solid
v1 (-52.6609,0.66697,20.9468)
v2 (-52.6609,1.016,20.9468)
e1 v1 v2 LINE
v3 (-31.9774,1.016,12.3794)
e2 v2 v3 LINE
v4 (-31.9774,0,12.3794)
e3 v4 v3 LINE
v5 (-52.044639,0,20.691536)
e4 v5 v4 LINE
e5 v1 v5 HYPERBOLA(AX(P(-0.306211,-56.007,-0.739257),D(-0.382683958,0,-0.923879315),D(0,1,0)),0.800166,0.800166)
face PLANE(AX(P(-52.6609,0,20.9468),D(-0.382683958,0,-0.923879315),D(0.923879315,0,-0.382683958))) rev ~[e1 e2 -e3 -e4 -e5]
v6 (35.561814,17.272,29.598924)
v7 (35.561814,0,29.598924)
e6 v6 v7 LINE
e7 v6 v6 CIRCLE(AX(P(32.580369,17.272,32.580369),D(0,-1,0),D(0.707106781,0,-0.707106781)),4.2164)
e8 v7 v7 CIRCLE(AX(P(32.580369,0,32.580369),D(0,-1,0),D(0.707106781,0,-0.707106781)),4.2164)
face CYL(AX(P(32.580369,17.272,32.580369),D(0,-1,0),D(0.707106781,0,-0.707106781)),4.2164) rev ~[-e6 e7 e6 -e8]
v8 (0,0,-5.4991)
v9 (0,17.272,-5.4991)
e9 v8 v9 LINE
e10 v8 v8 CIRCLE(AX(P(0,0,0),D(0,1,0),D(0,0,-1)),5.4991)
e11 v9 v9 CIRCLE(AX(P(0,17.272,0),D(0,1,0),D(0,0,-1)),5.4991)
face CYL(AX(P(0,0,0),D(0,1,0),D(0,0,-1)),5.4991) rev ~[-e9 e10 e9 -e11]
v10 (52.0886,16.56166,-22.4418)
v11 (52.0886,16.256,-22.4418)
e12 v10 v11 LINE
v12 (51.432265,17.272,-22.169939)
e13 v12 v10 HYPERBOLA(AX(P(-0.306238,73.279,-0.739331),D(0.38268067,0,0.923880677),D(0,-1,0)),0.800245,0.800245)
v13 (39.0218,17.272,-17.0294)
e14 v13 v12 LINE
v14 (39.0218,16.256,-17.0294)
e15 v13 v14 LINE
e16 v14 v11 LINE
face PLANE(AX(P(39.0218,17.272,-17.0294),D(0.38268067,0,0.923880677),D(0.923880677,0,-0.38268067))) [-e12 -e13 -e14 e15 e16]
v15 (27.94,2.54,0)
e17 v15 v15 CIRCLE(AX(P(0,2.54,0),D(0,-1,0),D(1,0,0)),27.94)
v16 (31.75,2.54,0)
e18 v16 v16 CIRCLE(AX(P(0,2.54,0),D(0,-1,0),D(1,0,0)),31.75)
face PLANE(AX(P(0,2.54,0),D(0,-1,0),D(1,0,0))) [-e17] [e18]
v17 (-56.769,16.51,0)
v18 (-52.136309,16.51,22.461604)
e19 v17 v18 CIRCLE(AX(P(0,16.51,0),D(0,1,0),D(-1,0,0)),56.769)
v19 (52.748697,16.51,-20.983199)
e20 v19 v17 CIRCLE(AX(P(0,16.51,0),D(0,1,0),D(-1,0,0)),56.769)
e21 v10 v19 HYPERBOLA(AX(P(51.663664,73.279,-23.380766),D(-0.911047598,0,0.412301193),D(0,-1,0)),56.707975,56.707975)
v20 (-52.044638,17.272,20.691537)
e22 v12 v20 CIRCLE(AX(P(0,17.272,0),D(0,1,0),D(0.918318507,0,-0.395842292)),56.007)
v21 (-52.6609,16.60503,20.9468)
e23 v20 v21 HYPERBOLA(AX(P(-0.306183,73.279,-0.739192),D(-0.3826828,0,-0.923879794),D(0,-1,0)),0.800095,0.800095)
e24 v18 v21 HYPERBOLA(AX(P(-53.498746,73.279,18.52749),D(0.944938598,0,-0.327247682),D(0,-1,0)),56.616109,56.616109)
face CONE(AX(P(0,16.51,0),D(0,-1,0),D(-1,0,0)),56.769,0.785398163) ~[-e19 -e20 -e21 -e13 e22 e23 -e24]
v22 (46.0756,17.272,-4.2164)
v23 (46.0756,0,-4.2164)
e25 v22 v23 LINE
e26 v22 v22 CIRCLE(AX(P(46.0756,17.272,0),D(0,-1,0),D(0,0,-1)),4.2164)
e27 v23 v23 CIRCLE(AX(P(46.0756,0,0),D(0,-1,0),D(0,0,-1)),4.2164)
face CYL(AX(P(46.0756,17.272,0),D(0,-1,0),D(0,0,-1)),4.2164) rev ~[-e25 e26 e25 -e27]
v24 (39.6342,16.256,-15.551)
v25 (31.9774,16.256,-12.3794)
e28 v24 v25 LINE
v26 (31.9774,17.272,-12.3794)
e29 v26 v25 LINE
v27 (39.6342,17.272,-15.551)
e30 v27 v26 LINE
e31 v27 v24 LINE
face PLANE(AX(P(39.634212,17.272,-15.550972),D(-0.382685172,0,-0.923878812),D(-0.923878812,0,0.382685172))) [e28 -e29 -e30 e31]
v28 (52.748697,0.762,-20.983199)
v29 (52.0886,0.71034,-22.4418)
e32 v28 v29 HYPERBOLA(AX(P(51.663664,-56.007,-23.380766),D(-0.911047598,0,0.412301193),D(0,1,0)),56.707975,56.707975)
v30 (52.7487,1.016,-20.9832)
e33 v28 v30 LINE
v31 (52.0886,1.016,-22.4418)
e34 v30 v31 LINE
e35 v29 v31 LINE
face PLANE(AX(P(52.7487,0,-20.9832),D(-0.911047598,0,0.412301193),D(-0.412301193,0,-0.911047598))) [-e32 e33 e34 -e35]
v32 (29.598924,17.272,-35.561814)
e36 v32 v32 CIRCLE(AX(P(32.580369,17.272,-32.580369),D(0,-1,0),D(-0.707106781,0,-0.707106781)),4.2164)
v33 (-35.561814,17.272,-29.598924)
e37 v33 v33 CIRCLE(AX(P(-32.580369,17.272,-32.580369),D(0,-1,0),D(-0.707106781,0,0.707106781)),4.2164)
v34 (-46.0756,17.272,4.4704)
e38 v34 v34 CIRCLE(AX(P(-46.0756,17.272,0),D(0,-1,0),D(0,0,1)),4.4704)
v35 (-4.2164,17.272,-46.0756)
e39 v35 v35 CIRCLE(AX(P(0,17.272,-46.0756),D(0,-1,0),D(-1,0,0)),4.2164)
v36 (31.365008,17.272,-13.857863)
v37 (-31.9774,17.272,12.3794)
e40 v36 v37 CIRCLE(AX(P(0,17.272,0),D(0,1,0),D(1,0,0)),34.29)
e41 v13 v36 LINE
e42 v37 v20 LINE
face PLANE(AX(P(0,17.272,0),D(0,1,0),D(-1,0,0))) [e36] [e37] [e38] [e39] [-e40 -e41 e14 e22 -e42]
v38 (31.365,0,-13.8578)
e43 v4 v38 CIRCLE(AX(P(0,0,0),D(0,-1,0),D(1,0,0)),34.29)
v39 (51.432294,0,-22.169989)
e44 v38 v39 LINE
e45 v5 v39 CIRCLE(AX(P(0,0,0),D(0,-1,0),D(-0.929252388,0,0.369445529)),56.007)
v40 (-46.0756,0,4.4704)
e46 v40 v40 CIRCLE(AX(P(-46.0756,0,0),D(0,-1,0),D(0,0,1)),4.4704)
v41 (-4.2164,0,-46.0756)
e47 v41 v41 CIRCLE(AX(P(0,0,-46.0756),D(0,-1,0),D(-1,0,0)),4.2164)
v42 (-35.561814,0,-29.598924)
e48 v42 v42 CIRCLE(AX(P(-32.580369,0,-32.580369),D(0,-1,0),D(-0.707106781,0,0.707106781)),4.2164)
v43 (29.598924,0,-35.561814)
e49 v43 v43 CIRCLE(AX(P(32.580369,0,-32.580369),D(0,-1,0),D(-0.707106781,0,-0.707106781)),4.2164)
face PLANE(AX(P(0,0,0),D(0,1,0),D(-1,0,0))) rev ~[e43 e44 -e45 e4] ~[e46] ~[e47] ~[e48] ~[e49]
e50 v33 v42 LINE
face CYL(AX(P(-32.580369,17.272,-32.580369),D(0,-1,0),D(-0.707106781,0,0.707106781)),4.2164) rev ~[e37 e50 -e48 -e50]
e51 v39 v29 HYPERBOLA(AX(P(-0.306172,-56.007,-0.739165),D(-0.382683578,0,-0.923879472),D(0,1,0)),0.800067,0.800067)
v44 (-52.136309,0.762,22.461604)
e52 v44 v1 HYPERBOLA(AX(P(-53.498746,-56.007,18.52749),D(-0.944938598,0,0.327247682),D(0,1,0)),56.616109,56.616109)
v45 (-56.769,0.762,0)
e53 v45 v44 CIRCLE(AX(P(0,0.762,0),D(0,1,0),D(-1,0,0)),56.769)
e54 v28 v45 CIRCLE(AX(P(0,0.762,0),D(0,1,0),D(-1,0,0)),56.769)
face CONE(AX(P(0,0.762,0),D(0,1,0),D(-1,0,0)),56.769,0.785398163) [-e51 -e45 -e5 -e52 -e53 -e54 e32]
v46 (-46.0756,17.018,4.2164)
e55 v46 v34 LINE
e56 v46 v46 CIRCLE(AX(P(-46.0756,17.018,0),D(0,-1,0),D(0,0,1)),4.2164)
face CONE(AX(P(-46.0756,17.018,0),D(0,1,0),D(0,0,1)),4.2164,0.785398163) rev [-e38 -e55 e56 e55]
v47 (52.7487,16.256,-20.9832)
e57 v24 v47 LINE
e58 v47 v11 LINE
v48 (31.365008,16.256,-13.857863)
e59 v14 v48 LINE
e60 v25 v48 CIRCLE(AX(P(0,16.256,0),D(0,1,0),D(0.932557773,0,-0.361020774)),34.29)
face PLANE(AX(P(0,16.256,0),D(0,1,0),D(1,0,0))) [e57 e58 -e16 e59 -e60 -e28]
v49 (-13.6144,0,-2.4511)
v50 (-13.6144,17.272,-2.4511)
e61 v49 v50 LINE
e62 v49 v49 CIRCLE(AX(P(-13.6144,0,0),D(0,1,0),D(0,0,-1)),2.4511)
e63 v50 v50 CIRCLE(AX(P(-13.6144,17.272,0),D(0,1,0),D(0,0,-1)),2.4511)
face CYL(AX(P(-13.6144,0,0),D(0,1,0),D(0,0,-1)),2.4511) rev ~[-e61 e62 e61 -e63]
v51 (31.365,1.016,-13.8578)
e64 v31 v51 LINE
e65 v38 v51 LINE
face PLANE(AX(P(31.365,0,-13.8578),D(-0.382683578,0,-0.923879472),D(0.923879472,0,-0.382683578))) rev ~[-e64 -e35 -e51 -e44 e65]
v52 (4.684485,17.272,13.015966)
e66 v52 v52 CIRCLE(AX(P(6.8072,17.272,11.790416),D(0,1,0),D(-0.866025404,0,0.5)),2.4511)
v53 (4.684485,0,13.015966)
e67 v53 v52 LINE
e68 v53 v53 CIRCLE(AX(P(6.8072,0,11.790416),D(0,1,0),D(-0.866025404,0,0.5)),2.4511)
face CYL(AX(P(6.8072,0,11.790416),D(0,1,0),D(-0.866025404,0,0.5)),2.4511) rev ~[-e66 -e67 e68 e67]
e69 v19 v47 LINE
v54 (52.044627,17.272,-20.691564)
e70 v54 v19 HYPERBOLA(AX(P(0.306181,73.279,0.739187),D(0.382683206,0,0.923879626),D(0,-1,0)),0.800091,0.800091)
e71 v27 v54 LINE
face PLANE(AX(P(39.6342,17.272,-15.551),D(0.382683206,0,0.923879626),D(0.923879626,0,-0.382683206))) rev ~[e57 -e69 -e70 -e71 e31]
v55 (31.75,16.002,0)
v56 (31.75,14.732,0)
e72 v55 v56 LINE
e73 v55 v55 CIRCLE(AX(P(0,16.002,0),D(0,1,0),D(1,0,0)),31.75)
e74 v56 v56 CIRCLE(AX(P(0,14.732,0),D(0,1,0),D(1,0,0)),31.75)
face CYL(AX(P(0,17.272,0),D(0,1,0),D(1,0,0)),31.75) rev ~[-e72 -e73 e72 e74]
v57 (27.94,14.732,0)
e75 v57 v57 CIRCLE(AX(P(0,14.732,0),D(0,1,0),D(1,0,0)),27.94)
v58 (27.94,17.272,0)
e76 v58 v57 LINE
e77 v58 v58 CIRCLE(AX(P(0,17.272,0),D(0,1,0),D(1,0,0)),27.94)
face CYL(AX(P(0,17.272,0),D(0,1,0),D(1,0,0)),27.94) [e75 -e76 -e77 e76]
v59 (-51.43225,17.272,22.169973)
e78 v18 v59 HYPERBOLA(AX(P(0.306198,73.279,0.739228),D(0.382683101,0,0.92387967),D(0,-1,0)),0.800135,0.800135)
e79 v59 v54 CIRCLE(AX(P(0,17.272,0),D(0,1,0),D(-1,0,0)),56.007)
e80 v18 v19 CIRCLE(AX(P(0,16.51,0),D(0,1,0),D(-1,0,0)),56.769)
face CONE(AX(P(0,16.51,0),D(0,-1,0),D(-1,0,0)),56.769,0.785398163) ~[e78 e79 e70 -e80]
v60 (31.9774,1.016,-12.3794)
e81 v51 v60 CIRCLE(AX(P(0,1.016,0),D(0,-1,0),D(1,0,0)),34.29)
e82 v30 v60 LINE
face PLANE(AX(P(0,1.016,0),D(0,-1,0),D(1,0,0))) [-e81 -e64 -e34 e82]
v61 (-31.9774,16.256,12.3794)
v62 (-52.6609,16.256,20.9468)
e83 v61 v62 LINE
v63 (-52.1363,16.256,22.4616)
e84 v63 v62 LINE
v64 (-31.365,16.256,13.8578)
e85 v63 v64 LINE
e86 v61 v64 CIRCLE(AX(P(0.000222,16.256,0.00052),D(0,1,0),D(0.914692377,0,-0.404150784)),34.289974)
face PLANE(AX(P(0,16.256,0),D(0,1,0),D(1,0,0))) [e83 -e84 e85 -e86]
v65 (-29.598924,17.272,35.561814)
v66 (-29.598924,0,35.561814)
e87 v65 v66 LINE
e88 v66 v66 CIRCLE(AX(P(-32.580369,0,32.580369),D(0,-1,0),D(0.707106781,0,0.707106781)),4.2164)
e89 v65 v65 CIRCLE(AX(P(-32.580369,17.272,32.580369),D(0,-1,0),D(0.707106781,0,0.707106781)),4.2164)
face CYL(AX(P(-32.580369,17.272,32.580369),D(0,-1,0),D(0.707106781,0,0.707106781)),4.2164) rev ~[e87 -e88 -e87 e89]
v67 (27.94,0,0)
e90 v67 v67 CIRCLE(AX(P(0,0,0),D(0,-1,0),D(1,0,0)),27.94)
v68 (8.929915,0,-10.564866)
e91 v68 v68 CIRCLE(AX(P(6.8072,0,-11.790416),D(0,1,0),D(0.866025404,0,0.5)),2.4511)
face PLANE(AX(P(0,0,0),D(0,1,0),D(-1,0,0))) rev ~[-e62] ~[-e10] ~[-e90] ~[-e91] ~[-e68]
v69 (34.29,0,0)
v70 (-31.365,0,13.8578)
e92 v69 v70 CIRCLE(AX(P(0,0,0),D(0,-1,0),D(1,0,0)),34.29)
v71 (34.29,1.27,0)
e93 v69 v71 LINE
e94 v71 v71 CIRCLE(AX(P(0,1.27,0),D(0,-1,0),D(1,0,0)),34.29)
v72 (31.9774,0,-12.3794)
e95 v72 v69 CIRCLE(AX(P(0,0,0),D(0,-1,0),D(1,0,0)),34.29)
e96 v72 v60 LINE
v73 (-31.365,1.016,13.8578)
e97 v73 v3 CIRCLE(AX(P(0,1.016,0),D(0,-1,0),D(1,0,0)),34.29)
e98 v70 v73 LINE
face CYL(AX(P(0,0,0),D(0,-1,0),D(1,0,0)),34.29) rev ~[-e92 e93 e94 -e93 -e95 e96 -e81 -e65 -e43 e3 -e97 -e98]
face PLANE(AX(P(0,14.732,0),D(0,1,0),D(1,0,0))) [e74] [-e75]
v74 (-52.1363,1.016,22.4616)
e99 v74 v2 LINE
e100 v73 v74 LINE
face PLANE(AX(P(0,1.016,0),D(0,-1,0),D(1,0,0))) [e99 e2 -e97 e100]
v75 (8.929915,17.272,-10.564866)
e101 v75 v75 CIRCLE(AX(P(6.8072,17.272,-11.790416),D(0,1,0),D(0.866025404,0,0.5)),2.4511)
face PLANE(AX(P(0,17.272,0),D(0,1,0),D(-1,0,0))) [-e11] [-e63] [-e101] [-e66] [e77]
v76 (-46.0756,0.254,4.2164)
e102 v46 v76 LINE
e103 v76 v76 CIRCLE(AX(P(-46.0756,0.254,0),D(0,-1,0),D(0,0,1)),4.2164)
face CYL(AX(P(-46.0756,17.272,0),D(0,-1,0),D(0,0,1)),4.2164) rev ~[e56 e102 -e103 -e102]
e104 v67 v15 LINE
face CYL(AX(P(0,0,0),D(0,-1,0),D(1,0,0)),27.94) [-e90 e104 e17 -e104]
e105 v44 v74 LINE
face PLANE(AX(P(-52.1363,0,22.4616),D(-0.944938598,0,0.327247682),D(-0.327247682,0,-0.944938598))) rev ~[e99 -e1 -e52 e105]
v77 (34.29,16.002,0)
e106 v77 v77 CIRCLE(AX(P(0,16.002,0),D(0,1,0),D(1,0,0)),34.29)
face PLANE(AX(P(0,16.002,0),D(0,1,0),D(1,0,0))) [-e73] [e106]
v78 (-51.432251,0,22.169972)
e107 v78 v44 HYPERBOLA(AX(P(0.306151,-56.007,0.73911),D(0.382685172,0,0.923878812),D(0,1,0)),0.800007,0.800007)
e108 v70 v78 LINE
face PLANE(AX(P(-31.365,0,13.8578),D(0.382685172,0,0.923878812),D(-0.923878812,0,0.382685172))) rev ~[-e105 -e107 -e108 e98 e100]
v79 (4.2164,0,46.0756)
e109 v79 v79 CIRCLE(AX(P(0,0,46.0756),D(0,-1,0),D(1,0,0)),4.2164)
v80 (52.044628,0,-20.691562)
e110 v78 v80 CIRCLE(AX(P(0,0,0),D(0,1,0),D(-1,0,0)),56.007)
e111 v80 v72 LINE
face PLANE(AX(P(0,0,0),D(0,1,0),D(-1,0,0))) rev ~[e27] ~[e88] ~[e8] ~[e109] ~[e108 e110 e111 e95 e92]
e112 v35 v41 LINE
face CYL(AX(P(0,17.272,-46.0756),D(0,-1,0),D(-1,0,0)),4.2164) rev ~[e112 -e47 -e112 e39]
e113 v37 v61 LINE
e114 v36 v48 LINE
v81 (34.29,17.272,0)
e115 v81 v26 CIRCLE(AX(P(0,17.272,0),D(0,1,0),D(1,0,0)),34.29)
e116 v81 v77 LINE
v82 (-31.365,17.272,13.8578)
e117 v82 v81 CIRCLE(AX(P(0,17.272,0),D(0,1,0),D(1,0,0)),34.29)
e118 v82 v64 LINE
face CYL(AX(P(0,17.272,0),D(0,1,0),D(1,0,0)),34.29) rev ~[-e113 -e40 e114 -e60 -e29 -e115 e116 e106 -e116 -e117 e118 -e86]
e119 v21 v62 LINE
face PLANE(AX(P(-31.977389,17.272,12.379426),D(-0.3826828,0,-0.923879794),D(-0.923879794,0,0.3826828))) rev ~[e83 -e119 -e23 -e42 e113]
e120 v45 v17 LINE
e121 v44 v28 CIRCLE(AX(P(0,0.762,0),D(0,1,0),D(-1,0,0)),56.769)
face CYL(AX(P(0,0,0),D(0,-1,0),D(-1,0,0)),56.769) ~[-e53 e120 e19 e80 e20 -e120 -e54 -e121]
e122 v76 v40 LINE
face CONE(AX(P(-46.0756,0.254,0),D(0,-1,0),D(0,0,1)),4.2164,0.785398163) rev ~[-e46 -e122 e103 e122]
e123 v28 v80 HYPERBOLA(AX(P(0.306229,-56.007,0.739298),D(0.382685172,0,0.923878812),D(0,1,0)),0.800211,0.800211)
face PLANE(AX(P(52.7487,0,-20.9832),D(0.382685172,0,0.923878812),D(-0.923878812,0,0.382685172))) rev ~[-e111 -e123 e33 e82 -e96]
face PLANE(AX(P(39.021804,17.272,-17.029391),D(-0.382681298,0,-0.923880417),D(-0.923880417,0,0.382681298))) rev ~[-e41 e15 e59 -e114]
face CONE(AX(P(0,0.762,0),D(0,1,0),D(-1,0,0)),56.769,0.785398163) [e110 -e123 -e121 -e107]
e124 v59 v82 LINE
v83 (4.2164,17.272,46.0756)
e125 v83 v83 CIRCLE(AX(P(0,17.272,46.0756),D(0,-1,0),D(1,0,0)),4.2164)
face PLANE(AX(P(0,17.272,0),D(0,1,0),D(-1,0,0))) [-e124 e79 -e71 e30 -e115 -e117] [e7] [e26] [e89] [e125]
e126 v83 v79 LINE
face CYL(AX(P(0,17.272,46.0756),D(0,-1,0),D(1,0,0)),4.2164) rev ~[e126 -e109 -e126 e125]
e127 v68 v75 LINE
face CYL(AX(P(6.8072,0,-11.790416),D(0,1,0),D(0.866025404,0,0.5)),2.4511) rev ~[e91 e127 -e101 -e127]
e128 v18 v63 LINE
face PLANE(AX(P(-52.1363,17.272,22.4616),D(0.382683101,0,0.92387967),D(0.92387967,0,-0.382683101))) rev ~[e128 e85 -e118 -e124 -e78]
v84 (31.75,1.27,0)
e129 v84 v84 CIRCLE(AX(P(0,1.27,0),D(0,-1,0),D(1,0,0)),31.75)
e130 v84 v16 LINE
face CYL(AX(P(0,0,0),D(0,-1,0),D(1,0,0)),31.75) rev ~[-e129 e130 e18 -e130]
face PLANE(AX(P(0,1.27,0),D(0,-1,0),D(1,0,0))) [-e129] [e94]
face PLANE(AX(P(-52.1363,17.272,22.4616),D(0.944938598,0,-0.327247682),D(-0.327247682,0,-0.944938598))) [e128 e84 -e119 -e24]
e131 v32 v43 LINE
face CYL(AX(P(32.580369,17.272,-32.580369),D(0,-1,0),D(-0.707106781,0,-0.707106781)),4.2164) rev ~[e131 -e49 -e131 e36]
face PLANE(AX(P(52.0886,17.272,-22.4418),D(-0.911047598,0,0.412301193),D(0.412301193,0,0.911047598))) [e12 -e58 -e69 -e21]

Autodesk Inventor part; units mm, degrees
ref_plane "YZ Plane" through (0, 0, 0) normal (1, 0, 0) x (0, 1, 0)
ref_plane "XZ Plane" through (0, 0, 0) normal (0, 1, 0) x (-1, 0, 0)
ref_plane "XY Plane" through (0, 0, 0) normal (0, 0, 1) x (1, 0, 0)
sketch "Sketch1" plane through (0, 0, 0) normal (0, 1, 0) x (-1, 0, 0)
  circle A0 centre (0, 0) radius 56.769
  circle A1 centre (0, 0) radius 46.0756
  circle A2 centre (0, 0) radius 31.75
  dimension "d0" = 113.538
  dimension "d1" = 92.1512
  dimension "d2" = 63.5
extrude "Extrusion1" add sketch "Sketch1" along normal blind 17.272 contours A0 | A1 | A2
sketch "Sketch2" plane through (0, 17.272, 0) normal (0, 1, 0) x (1, 0, 0)
  circle A0 centre (0, 0) radius 46.0756
  circle A1 centre (-46.0756, 0) radius 4.0894
  dimension "d5" = 92.1512
  dimension "d6" = 8.1788
hole "Hole1" at (-46.0756, 17.272, 0) direction (0, -1, 0) diameter 8.4328 end through all
pattern_circular "Circular Pattern1" count 8 over 360 about axis through (0, 0, 0) along (0, 1, 0) of "Hole1"
sketch "Sketch4" plane through (0, 17.272, 0) normal (0, 1, 0) x (1, 0, 0)
  circle A0 centre (0, 0) radius 14.7993
hole "Hole2" at (0, 17.272, 0) direction (0, -1, 0) diameter 63.5 end through all
sketch "Sketch6" plane through (0, 0, 0) normal (0, 1, 0) x (-1, 0, 0)
  circle A0 centre (0, 0) radius 31.75
  circle A1 centre (0, 0) radius 19.05
extrude "Extrusion3" add sketch "Sketch6" along normal blind 17.272
sketch "Sketch7" plane through (0, 17.272, 0) normal (0, 1, 0) x (1, 0, 0)
  circle A0 centre (0, 0) radius 34.29
  circle A1 centre (0, 0) radius 31.75
  circle A2 centre (0, 0) radius 25.4
  circle A3 centre (0, 0) radius 27.94
  dimension "d35" = 68.58
  dimension "d36" = 63.5
  dimension "d37" = 50.8
  dimension "d38" = 55.88
extrude "Extrusion4" cut sketch "Sketch7" against normal blind 1.27 contours A0
sketch "Sketch9" plane through (0, 17.272, 0) normal (0, 1, 0) x (1, 0, 0)
  circle A0 centre (0, 0) radius 27.94
  circle A1 centre (0, 0) radius 31.75
  dimension "d45" = 55.88
  dimension "d46" = 63.5
extrude "Extrusion6" cut sketch "Sketch9" against normal blind 2.54
chamfer "Chamfer1" distance 0.254 angle 45 1 edges at (-46.0756, 17.272, -4.2164)
chamfer "Chamfer2" distance 0.254 angle 45 1 edges at (-46.0756, 0, -4.2164)
chamfer "Chamfer3" distance 0.762 angle 45 2 edges at (56.769, 17.272, 0) (56.769, 0, 0)
sketch "Sketch10" plane through (0, 17.272, 0) normal (0, 1, 0) x (1, 0, 0)
  circle A0 centre (32.5804, 32.5804) radius 4.2164 projected
  circle A1 centre (46.0756, 0) radius 4.2164 projected
  line L0 (32.5804, 32.5804) -> (46.0756, 0)
  line L1 (46.0756, 0) -> (39.328, 16.2902)
  circle A2 centre (-46.0756, 0) radius 4.4704 projected
  circle A3 centre (-32.5804, -32.5804) radius 4.2164 projected
  line L2 (-46.0756, 0) -> (-32.5804, -32.5804)
  line L3 (39.328, 16.2902) -> (-39.328, -16.2902)
  line L4 (-39.328, -16.2902) -> (52.9444, 21.9303)
  line L5 (-39.328, -16.2902) -> (60.5469, -16.2902) construction
  line L6 (52.9444, 21.9303) -> (-52.9809, -21.9454)
  line L7 (39.328, 16.2902) -> (39.6342, 15.551)
  line L8 (39.6342, 15.551) -> (39.0218, 17.0294)
  line L9 (39.0218, 17.0294) -> (52.0886, 22.4418)
  line L10 (39.0218, 17.0294) -> (53.1652, 17.0294) construction
  line L11 (52.0886, 22.4418) -> (31.2876, 13.8258)
  line L12 (39.6342, 15.551) -> (52.7487, 20.9832)
  circle A4 centre (0, 0) radius 56.769 projected
  line L13 (39.6342, 15.551) -> (53.8292, 15.551) construction
  line L14 (52.7487, 20.9832) -> (52.7487, 20.9832)
  line L15 (52.7487, 20.9832) -> (31.9774, 12.3794)
  circle A5 centre (0, 0) radius 34.29 projected
  line L16 (31.2876, 13.8258) -> (52.0886, 22.4418)
  line L17 (52.0886, 22.4418) -> (52.7487, 20.9832)
  line L18 (52.0886, 22.4418) -> (31.2876, 13.8258)
  point P0 (31.365, 13.8578)
  dimension "d58" = 22.5
  dimension "d59" = 0.8001
  dimension "d60" = 1.6002
  dimension "d61" = 22.5
  dimension "d62" = 22.5
extrude "Extrusion7" cut sketch "Sketch10" against normal blind 1.016 contours L9 L17 L4 L0 | L0 L3 A5 L11 | L4 L17 L12 L0 | L0 L15 A5 L3
sketch "Sketch11" plane through (0, 17.272, 0) normal (0, 1, 0) x (1, 0, 0)
  line L0 (31.365, 13.8578) -> (51.4323, 22.17) projected
  line L1 (52.0446, 20.6916) -> (31.9774, 12.3794) projected
  line L2 (51.4323, 22.17) -> (31.365, 13.8578)
  line L3 (31.365, 13.8578) -> (-52.6609, -20.9468)
  line L4 (52.0446, 20.6916) -> (31.9774, 12.3794)
  circle A0 centre (0, 0) radius 56.769 projected
  line L5 (-52.1363, -22.4616) -> (31.9774, 12.3794)
  line L6 (-52.1363, -22.4616) -> (-52.6609, -20.9468)
  arc A1 (31.365, 13.8578) -> (31.9774, 12.3794) centre (0, 0) ccw projected
  circle A2 centre (0, 0) radius 34.29 projected
  line L7 (-31.365, -13.8578) -> (-31.9774, -12.3794)
  point P0 (-31.365, -13.8578)
extrude "Extrusion8" cut sketch "Sketch11" against normal blind 1.016 contours A1 L5 L6 L3
sketch "Sketch13" plane through (0, 0, 0) normal (0, -1, 0) x (1, 0, 0)
  circle A0 centre (0, 0) radius 27.94
  circle A1 centre (0, 0) radius 31.75
  circle A2 centre (0, 0) radius 34.29
extrude "Extrusion9" cut sketch "Sketch13" against normal blind 2.54 contours A1
extrude "Extrusion10" cut sketch "Sketch13" against normal blind 1.27 contours A2
sketch "Sketch14" plane through (0, 0, 0) normal (0, -1, 0) x (1, 0, 0)
  line L0 (31.365, -13.8578) -> (52.0886, -22.4418) projected
  line L1 (52.7487, -20.9832) -> (31.9774, -12.3794) projected
  line L2 (-52.6609, 20.9468) -> (-31.9774, 12.3794) projected
  line L3 (-31.365, 13.8578) -> (-52.1363, 22.4616) projected
  line L4 (51.4323, -22.17) -> (52.0886, -22.4418) projected
  line L5 (52.0886, -22.4418) -> (31.365, -13.8578)
  arc A0 (52.7487, -20.9832) -> (-52.1363, 22.4616) centre (0, 0) ccw projected
  line L6 (31.9774, -12.3794) -> (52.7487, -20.9832)
  line L7 (52.7487, -20.9832) -> (52.0886, -22.4418)
  circle A1 centre (0, 0) radius 34.29 projected
  line L8 (-31.9774, 12.3794) -> (-31.365, 13.8578)
  circle A2 centre (0, 0) radius 56.769 projected
  line L9 (-52.1363, 22.4616) -> (-52.6609, 20.9468)
extrude "Extrusion11" cut sketch "Sketch14" against normal blind 1.016 contours A1 L1 L7 L0
extrude "Extrusion12" cut sketch "Sketch14" against normal blind 1.016 contours L2 L9 L3 A1
sketch "Sketch15" plane through (0, 0, 0) normal (0, 1, 0) x (-1, 0, 0)
  circle A0 centre (0, 0) radius 19.05
extrude "Extrusion13" add sketch "Sketch15" along normal blind 17.272
sketch "Sketch17" plane through (0, 0, 0) normal (0, -1, 0) x (1, 0, 0)
  circle A0 centre (0, 0) radius 27.94 projected
hole "Hole4" at (0, 0, 0) direction (0, 1, 0) diameter 10.9982 end through all
sketch "Sketch18" plane through (0, 0, 0) normal (0, -1, 0) x (1, 0, 0)
  line L0 (0, 0) -> (-13.6144, 0)
  dimension "d103" = 13.6144
hole "Hole5" at (-13.6144, 0, 0) direction (0, 1, 0) diameter 4.9022 end through all
pattern_circular "Circular Pattern5" count 3 over 360 about axis through (0, 161.4933, 0) along (0, -1, 0) of "Hole5"
properties part number "4.5 flange"
